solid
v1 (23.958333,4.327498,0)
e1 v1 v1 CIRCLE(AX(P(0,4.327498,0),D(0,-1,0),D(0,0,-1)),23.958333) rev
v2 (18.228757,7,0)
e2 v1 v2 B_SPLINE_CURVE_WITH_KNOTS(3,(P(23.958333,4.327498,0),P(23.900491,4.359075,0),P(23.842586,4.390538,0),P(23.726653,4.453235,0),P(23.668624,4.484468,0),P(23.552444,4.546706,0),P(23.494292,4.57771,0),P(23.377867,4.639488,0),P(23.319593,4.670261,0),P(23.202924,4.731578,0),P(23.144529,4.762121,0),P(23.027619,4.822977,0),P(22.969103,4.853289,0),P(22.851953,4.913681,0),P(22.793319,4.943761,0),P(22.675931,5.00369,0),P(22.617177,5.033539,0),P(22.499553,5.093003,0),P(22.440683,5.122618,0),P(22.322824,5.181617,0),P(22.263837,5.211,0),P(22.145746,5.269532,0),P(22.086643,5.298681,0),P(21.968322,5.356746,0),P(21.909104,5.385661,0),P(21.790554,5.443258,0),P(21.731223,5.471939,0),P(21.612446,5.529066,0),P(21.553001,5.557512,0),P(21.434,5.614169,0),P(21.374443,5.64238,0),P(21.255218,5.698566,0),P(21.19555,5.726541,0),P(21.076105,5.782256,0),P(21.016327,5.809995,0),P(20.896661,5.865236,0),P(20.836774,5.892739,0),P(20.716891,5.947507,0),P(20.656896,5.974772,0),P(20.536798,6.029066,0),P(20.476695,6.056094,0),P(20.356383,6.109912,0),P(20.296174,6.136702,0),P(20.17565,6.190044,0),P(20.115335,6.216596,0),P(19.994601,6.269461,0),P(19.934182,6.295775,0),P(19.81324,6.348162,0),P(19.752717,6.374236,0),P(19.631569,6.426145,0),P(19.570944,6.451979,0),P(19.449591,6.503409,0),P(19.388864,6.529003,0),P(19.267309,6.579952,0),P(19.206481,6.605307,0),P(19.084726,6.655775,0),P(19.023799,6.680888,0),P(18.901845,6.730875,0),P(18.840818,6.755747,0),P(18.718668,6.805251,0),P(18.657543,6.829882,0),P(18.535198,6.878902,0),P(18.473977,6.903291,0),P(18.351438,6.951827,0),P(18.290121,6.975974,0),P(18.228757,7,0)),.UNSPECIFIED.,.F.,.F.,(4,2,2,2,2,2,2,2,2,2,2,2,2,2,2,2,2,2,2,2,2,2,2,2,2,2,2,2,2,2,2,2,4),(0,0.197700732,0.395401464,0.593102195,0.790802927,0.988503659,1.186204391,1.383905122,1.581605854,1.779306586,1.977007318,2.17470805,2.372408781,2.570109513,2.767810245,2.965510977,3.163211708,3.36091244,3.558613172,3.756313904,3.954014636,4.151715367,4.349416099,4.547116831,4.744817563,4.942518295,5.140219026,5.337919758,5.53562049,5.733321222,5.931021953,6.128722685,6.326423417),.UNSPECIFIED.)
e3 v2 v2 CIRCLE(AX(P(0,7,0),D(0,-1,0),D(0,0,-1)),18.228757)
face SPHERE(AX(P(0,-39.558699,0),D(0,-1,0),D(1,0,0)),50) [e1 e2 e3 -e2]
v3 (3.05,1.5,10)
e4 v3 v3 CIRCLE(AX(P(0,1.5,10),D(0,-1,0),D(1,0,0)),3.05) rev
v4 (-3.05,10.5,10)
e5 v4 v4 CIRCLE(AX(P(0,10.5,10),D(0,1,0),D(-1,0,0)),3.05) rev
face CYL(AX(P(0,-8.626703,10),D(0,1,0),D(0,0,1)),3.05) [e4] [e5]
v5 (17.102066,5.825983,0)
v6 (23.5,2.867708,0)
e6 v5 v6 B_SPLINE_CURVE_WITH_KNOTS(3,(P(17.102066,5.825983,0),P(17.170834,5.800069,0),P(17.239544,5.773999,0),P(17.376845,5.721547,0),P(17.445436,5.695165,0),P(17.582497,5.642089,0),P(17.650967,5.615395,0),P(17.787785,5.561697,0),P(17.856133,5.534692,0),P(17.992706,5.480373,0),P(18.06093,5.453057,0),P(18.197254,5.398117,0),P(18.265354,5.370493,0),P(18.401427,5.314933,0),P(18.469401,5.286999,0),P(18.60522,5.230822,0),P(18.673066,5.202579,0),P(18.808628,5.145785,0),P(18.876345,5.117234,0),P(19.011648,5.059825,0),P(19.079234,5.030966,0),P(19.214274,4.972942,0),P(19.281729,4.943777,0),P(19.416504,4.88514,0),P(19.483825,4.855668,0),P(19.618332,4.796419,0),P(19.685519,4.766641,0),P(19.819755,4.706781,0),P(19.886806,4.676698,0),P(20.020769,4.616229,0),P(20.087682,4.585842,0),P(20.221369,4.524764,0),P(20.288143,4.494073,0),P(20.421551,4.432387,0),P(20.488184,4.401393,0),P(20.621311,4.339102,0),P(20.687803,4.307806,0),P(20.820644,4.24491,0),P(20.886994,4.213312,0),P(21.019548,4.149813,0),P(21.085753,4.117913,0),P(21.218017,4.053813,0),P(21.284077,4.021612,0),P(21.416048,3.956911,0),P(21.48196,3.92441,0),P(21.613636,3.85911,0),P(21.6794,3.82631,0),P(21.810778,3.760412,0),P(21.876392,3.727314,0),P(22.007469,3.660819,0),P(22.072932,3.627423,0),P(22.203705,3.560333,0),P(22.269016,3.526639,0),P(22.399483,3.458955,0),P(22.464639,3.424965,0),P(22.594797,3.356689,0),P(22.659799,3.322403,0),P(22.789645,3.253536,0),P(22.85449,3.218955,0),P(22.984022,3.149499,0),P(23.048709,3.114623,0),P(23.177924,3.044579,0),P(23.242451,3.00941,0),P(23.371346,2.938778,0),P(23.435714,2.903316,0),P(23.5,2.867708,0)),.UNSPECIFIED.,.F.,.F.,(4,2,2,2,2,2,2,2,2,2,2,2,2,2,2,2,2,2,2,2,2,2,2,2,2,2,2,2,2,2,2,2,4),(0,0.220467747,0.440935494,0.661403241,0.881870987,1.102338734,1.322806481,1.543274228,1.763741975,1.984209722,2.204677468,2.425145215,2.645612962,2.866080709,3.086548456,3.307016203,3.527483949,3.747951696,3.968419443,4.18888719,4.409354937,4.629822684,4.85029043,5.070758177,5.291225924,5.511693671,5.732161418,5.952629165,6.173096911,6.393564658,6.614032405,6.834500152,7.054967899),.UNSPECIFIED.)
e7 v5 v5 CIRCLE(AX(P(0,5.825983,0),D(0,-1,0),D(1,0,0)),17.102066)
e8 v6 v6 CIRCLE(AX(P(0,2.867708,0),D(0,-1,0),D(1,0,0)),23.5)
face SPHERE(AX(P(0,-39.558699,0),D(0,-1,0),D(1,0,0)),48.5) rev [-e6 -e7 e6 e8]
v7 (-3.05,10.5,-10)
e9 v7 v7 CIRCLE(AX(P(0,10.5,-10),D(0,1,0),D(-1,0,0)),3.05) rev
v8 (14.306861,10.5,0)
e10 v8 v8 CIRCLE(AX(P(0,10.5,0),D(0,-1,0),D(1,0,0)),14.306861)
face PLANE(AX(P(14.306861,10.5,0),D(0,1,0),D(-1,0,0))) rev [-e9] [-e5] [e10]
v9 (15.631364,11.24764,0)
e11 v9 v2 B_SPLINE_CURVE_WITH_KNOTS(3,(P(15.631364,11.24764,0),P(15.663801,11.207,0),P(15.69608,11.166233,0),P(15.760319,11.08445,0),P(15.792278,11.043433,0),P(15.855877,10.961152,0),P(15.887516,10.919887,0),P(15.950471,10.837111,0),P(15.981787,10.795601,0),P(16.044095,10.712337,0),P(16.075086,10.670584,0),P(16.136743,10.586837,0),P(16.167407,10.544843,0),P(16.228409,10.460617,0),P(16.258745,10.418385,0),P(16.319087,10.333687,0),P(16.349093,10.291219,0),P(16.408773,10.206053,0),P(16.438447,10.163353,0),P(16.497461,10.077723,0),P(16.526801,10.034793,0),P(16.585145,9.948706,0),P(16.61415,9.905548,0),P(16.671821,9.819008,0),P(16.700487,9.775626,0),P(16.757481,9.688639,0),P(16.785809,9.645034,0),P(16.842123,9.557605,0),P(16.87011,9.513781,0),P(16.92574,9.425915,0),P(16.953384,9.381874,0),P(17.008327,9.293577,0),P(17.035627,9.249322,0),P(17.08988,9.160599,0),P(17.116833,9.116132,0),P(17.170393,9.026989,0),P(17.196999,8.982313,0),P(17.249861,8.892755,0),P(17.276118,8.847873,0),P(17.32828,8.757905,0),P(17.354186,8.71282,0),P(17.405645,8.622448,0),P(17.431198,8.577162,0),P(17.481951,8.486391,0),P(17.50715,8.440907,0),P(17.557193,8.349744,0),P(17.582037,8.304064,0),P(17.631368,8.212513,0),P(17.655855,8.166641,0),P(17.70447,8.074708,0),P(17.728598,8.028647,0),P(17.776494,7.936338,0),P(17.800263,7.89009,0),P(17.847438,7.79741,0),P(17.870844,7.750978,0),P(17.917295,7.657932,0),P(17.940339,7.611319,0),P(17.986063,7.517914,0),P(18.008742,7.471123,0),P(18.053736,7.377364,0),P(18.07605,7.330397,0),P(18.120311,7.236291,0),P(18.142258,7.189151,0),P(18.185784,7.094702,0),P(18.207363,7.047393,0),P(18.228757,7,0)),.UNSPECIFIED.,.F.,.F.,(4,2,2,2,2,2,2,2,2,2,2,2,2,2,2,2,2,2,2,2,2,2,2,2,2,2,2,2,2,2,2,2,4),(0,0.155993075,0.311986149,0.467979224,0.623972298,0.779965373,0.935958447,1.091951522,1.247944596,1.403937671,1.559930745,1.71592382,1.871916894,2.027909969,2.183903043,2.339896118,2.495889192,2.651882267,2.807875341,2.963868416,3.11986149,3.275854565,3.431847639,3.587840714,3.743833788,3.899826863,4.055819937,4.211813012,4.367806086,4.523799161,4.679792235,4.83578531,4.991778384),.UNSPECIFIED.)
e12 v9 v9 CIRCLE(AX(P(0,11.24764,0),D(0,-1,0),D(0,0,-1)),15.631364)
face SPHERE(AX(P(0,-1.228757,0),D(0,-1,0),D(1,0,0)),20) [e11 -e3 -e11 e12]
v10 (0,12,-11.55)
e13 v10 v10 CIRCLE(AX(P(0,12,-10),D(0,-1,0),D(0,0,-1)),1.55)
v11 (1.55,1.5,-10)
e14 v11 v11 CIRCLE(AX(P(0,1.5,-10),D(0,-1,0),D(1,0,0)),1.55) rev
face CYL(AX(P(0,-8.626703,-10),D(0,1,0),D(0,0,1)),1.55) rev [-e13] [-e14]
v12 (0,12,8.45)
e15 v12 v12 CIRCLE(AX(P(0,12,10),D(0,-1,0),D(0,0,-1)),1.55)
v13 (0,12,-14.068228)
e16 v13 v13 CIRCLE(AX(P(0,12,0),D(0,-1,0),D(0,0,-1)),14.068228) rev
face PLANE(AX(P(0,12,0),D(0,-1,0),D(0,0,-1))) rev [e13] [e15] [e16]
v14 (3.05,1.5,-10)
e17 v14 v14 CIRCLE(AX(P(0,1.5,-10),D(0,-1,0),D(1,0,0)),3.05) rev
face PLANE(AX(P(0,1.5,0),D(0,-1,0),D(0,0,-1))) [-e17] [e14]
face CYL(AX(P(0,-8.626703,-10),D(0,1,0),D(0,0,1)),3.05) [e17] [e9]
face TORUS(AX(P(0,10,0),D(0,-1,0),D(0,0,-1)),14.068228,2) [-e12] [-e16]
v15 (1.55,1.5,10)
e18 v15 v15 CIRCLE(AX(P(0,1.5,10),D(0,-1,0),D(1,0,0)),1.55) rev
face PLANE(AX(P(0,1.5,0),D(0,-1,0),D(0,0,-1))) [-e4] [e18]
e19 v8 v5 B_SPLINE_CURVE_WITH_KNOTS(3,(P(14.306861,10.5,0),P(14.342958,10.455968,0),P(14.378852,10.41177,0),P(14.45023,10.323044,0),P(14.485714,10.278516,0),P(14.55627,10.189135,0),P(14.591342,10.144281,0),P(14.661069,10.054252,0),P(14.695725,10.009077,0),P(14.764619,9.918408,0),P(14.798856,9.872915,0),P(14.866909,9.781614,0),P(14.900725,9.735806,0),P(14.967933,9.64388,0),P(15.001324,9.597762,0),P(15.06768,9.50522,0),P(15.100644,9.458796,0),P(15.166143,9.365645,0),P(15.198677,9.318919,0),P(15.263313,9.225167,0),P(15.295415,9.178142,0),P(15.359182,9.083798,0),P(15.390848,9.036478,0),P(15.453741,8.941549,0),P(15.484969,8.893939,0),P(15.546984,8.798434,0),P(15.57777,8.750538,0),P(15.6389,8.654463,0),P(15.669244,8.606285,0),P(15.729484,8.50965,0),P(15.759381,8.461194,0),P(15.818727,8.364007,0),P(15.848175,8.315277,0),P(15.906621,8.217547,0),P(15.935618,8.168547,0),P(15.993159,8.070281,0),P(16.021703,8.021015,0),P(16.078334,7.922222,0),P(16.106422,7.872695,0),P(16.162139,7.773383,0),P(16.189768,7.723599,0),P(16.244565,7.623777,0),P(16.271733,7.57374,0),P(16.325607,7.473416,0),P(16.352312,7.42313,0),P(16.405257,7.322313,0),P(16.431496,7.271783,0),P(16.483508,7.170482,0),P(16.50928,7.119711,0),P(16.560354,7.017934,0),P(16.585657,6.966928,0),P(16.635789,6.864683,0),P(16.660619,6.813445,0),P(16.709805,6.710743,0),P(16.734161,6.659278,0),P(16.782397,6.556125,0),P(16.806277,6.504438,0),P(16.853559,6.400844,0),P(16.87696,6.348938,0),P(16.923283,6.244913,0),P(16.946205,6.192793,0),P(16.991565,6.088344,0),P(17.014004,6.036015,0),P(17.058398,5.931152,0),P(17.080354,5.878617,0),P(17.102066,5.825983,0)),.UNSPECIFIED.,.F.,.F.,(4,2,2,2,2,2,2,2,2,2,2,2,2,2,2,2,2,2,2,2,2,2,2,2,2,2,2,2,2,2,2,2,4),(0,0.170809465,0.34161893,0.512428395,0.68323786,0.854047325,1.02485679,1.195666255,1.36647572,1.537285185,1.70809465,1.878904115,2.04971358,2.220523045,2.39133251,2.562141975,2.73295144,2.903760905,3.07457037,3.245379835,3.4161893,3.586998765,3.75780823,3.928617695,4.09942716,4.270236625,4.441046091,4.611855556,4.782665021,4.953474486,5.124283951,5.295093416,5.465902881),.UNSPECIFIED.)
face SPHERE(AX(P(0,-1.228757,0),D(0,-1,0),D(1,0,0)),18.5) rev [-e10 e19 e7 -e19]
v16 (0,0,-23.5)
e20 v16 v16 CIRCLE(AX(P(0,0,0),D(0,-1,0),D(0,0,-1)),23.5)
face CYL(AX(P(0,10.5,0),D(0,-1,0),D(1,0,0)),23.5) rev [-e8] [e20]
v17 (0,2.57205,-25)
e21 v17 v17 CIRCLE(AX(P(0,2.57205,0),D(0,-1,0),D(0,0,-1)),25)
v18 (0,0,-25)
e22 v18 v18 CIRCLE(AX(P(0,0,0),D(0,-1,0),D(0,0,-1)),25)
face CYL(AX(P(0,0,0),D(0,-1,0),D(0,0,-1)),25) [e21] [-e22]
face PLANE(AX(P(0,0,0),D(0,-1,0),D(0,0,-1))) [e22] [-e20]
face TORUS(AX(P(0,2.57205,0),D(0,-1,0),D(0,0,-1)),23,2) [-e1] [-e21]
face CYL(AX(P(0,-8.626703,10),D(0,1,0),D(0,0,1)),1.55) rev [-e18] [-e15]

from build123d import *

# Parameters (mm, degrees)
CROQUIS6_R              = 23.5
CORTAR_EXTRUIR2_DEPTH   = 0.5
CROQUIS7_R              = 3.05
CROQUIS7_R_2            = 1.55
SALIENTE_EXTRUIR1_DEPTH = 9.5
CORTAR_EXTRUIR3_START   = -5.5
CROQUIS8_R              = 1.55
CORTAR_EXTRUIR3_DEPTH   = 5.5
REDONDEO1_R             = 2
REDONDEO2_R             = 2
CROQUIS9_R              = 23.5
CORTAR_EXTRUIR4_DEPTH   = 1


with BuildPart() as part:
    # Croquis3 → Revolución1 (revolve)
    with BuildSketch(Plane.XY):
        with BuildLine():
            Line((25, 0), (25, 3.742571384))
            ThreePointArc((25, 3.742571384), (21.675655898, 5.498663982), (18.228756555, 7))
            ThreePointArc((18.228756555, 7), (16.801415582, 9.620779584), (15, 12))
            Line((15, 12), (0, 12))
            Line((0, 12), (0, 0))
            Line((0, 0), (25, 0))
        make_face()
    revolve(axis=Axis((0, 0, 0), (0, 1, 0)))

    # Croquis4 → Cortar-Revolución1 (revolve, cut)
    with BuildSketch(Plane.XY):
        with BuildLine():
            Line((0, 1.5), (0, 10.5))
            Line((0, 10.5), (14.30686093, 10.5))
            ThreePointArc((14.30686093, 10.5), (15.877398251, 8.266411941), (17.102065618, 5.825983099))
            ThreePointArc((17.102065618, 5.825983099), (20.35484662, 4.463230038), (23.5, 2.867708066))
            Line((23.5, 2.867708066), (23.5, 1.5))
            Line((23.5, 1.5), (0, 1.5))
        make_face()
    revolve(axis=Axis((0, 10.5, 0), (0, 1, 0)), mode=Mode.SUBTRACT)

    # Croquis6 → Cortar-Extruir2 (cut)
    with BuildSketch(Plane.XZ):
        with Locations(Location((0, 0, 0), (0, 0, 270))):
            Circle(CROQUIS6_R)
    extrude(amount=-CORTAR_EXTRUIR2_DEPTH, mode=Mode.SUBTRACT)

    # Croquis7 → Saliente-Extruir1 (add)
    # profile 1 of 2: a face of its own
    with BuildSketch(Plane.XZ.offset(-10.5)):
        with Locations(Location((0, 10, 0), (0, 0, 180))):
            Circle(CROQUIS7_R)
        with Locations((0, 10)):
            Circle(CROQUIS7_R_2, mode=Mode.SUBTRACT)
    # profile 2 of 2: a face of its own
    with BuildSketch(Plane.XZ.offset(-10.5)):
        with Locations(Location((0, -10, 0), (0, 0, 180))):
            Circle(CROQUIS7_R)
        with Locations(Location((0, -10, 0), (0, 0, 90))):
            Circle(CROQUIS7_R_2, mode=Mode.SUBTRACT)
    extrude(amount=SALIENTE_EXTRUIR1_DEPTH)

    # Croquis8 → Cortar-Extruir3 (cut)
    with BuildSketch(Plane.XZ.offset(-10.5).offset(CORTAR_EXTRUIR3_START)):
        with Locations((0, -10)):
            Circle(CROQUIS8_R)
        with Locations((0, 10)):
            Circle(CROQUIS8_R)
    extrude(amount=CORTAR_EXTRUIR3_DEPTH, mode=Mode.SUBTRACT)

    # Redondeo1
    redondeo1_edges = [part.edges().sort_by_distance(p)[0] for p in [
        (-15, 12, 0),
    ]]
    fillet(redondeo1_edges, radius=REDONDEO1_R)

    # Redondeo2
    redondeo2_edges = [part.edges().sort_by_distance(p)[0] for p in [
        (-25, 3.742571384, 0),
    ]]
    fillet(redondeo2_edges, radius=REDONDEO2_R)

    # Croquis9 → Cortar-Extruir4 (cut)
    with BuildSketch(Plane.XZ.offset(-0.5)):
        Circle(CROQUIS9_R)
    extrude(amount=-CORTAR_EXTRUIR4_DEPTH, mode=Mode.SUBTRACT)


solid = part.part
